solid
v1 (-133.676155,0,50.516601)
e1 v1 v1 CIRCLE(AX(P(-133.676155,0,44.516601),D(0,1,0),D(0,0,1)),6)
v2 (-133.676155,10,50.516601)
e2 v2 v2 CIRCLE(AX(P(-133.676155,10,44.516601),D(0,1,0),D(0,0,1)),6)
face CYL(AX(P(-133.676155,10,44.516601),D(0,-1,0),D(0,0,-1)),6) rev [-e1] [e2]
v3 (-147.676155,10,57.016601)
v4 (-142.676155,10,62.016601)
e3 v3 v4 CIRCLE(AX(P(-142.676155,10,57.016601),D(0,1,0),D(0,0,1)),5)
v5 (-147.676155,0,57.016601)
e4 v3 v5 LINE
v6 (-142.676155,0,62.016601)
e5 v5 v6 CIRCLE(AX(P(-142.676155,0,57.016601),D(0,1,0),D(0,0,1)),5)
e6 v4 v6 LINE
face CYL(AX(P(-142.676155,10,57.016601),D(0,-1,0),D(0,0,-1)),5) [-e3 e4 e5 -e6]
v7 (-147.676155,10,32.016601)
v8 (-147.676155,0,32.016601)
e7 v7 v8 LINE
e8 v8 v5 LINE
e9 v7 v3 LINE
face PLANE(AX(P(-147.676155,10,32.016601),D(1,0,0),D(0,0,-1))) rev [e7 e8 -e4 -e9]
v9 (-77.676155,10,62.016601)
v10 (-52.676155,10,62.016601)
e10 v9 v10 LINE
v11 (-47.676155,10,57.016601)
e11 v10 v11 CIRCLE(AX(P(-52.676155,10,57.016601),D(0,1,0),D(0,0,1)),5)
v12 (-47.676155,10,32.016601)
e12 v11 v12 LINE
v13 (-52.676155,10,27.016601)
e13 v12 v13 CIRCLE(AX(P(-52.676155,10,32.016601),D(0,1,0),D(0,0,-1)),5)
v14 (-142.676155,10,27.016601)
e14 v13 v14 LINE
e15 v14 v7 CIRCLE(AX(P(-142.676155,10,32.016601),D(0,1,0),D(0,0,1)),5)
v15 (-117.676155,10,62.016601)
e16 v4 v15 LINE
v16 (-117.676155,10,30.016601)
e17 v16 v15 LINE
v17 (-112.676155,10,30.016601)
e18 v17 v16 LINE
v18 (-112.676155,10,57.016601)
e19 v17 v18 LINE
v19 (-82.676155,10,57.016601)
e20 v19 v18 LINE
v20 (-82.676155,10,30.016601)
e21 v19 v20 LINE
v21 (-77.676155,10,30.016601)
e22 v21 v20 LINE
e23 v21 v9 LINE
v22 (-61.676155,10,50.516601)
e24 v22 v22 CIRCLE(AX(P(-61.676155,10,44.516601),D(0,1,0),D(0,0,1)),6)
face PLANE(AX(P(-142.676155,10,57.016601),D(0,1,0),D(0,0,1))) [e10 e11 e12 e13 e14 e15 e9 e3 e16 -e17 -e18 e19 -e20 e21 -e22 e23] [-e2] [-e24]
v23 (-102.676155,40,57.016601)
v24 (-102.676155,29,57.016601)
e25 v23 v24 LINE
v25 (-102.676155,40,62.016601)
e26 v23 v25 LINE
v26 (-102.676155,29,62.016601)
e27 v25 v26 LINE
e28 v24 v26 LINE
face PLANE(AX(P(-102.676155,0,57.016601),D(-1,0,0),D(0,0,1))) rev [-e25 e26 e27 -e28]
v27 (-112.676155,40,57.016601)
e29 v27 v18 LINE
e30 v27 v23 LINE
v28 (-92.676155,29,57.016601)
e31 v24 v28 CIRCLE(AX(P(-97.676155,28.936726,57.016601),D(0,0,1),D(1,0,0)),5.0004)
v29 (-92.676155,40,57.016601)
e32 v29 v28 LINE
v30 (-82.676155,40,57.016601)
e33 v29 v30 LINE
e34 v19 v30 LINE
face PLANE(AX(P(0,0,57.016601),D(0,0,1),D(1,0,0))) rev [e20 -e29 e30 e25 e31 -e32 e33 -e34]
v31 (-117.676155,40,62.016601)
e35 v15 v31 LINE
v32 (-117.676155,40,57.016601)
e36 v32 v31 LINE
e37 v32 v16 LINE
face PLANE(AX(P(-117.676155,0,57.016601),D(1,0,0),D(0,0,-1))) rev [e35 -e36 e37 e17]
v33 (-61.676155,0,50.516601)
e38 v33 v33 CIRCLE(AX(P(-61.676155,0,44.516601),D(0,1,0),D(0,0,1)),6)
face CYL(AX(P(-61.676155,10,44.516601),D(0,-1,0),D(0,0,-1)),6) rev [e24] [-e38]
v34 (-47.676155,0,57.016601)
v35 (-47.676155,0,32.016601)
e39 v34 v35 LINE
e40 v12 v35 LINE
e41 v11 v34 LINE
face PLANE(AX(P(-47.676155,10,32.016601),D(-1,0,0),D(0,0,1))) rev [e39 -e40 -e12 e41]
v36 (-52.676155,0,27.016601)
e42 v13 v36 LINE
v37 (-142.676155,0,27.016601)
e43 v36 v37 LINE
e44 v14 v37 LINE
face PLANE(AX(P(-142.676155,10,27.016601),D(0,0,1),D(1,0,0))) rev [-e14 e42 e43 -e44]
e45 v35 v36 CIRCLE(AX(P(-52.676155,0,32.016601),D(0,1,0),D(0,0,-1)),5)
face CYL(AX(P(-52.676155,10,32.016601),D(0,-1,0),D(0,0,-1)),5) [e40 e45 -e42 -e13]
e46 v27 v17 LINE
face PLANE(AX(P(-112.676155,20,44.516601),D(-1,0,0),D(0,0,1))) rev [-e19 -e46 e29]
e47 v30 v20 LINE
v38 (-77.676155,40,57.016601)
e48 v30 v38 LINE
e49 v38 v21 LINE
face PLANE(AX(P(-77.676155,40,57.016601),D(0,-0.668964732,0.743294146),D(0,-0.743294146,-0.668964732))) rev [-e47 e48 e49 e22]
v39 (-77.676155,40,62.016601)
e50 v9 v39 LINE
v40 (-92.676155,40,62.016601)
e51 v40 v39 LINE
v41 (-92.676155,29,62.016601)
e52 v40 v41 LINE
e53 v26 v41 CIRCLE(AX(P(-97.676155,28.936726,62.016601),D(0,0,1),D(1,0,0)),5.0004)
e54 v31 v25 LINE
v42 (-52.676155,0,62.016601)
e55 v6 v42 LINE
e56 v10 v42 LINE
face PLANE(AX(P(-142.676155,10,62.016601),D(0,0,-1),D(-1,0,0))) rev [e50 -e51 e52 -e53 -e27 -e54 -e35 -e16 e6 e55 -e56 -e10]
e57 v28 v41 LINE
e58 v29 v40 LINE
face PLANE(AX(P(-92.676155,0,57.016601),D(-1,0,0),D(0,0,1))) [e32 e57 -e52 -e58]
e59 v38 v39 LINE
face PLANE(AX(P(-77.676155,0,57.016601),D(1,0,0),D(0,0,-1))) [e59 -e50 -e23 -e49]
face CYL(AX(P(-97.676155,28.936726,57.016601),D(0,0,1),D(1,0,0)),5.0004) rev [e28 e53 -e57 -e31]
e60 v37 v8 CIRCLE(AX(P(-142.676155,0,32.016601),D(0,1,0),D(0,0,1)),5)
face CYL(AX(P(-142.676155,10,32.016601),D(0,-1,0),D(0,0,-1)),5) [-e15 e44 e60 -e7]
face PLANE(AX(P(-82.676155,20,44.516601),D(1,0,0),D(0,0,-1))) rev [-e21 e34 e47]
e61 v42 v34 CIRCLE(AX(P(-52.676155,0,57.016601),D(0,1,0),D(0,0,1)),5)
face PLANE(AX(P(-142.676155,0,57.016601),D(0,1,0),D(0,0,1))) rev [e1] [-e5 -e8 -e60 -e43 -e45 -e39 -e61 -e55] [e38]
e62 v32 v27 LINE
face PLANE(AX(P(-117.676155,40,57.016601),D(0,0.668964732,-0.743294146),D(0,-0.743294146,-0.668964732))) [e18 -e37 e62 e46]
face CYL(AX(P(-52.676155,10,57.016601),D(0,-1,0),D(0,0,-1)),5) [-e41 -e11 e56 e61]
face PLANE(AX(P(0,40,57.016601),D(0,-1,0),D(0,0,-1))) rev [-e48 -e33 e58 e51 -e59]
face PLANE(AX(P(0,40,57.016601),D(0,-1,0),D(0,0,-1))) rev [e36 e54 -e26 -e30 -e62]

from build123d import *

# Parameters (mm, degrees)
IZIM1_R                     = 6
Y_KSEKLIK_EKSTR_ZYON1_DEPTH = 10
Y_KSEKLIK_EKSTR_ZYON2_DEPTH = 5
FEDER1_REACH                = 103.716
IZIM5_WALL_W                = 245.79202862
IZIM5_WALL_H                = 5
FEDER8_REACH                = 103.716
IZIM6_WALL_W                = 245.79202862
IZIM6_WALL_H                = 5


with BuildPart() as part:
    # Çizim1 → Yükseklik-Ekstrüzyon1 (new body)
    with BuildSketch(Plane(origin=(0, 0, 0), x_dir=(1, 0, 0), z_dir=(0, 1, 0))):
        with BuildLine():
            Line((-142.676154711, -27.016601459), (-52.676154711, -27.016601459))
            ThreePointArc((-52.676154711, -27.016601459), (-49.140620805, -28.481067553), (-47.676154711, -32.016601459))
            Line((-47.676154711, -32.016601459), (-47.676154711, -57.016601459))
            ThreePointArc((-47.676154711, -57.016601459), (-49.140620805, -60.552135365), (-52.676154711, -62.016601459))
            Line((-52.676154711, -62.016601459), (-142.676154711, -62.016601459))
            ThreePointArc((-142.676154711, -62.016601459), (-146.211688617, -60.552135365), (-147.676154711, -57.016601459))
            Line((-147.676154711, -57.016601459), (-147.676154711, -32.016601459))
            ThreePointArc((-147.676154711, -32.016601459), (-146.211688617, -28.481067553), (-142.676154711, -27.016601459))
        make_face()
        with Locations(Location((-133.676154711, -44.516601459, 0), (0, 0, 270))):
            Circle(IZIM1_R, mode=Mode.SUBTRACT)
        with Locations(Location((-61.676154711, -44.516601459, 0), (0, 0, 270))):
            Circle(IZIM1_R, mode=Mode.SUBTRACT)
    extrude(amount=Y_KSEKLIK_EKSTR_ZYON1_DEPTH)

    # Çizim3 → Yükseklik-Ekstrüzyon2 (add)
    with BuildSketch(Plane.XY.offset(62.016601459)):
        with BuildLine():
            Line((-117.676154711, 40), (-117.676154711, 10))
            Line((-117.676154711, 10), (-77.676154711, 10))
            Line((-77.676154711, 10), (-77.676154711, 40))
            Line((-77.676154711, 40), (-92.676154711, 40))
            Line((-92.676154711, 40), (-92.676154711, 29))
            ThreePointArc((-92.676154711, 29), (-97.676154711, 23.936325368), (-102.676154711, 29))
            Line((-102.676154711, 29), (-102.676154711, 40))
            Line((-102.676154711, 40), (-117.676154711, 40))
        make_face()
    extrude(amount=-Y_KSEKLIK_EKSTR_ZYON2_DEPTH)

    # Çizim5 wall → Feder1 (add, up to next)
    with BuildSketch(Plane(origin=(-77.676154711, 25, 43.516601459), x_dir=(0, -0.743294146247, -0.668964731622), z_dir=(0, 0.668964731622, -0.743294146247)), mode=Mode.PRIVATE) as feder1_sk1:
        with Locations((0, 2.5)):
            Rectangle(IZIM5_WALL_W, IZIM5_WALL_H)
    feder1_tool1 = extrude(feder1_sk1.sketch, amount=-FEDER1_REACH, mode=Mode.PRIVATE) - part.part
    add(feder1_tool1.solids().sort_by_distance((-77.676154711, 25, 43.516601459))[0])

    # Çizim6 wall → Feder8 (add, up to next)
    with BuildSketch(Plane(origin=(-117.676154711, 25, 43.516601459), x_dir=(0, -0.743294146247, -0.668964731622), z_dir=(0, -0.668964731622, 0.743294146247)), mode=Mode.PRIVATE) as feder8_sk1:
        with Locations((0, 2.5)):
            Rectangle(IZIM6_WALL_W, IZIM6_WALL_H)
    feder8_tool1 = extrude(feder8_sk1.sketch, amount=FEDER8_REACH, mode=Mode.PRIVATE) - part.part
    add(feder8_tool1.solids().sort_by_distance((-117.676154711, 25, 43.516601459))[0])


solid = part.part
